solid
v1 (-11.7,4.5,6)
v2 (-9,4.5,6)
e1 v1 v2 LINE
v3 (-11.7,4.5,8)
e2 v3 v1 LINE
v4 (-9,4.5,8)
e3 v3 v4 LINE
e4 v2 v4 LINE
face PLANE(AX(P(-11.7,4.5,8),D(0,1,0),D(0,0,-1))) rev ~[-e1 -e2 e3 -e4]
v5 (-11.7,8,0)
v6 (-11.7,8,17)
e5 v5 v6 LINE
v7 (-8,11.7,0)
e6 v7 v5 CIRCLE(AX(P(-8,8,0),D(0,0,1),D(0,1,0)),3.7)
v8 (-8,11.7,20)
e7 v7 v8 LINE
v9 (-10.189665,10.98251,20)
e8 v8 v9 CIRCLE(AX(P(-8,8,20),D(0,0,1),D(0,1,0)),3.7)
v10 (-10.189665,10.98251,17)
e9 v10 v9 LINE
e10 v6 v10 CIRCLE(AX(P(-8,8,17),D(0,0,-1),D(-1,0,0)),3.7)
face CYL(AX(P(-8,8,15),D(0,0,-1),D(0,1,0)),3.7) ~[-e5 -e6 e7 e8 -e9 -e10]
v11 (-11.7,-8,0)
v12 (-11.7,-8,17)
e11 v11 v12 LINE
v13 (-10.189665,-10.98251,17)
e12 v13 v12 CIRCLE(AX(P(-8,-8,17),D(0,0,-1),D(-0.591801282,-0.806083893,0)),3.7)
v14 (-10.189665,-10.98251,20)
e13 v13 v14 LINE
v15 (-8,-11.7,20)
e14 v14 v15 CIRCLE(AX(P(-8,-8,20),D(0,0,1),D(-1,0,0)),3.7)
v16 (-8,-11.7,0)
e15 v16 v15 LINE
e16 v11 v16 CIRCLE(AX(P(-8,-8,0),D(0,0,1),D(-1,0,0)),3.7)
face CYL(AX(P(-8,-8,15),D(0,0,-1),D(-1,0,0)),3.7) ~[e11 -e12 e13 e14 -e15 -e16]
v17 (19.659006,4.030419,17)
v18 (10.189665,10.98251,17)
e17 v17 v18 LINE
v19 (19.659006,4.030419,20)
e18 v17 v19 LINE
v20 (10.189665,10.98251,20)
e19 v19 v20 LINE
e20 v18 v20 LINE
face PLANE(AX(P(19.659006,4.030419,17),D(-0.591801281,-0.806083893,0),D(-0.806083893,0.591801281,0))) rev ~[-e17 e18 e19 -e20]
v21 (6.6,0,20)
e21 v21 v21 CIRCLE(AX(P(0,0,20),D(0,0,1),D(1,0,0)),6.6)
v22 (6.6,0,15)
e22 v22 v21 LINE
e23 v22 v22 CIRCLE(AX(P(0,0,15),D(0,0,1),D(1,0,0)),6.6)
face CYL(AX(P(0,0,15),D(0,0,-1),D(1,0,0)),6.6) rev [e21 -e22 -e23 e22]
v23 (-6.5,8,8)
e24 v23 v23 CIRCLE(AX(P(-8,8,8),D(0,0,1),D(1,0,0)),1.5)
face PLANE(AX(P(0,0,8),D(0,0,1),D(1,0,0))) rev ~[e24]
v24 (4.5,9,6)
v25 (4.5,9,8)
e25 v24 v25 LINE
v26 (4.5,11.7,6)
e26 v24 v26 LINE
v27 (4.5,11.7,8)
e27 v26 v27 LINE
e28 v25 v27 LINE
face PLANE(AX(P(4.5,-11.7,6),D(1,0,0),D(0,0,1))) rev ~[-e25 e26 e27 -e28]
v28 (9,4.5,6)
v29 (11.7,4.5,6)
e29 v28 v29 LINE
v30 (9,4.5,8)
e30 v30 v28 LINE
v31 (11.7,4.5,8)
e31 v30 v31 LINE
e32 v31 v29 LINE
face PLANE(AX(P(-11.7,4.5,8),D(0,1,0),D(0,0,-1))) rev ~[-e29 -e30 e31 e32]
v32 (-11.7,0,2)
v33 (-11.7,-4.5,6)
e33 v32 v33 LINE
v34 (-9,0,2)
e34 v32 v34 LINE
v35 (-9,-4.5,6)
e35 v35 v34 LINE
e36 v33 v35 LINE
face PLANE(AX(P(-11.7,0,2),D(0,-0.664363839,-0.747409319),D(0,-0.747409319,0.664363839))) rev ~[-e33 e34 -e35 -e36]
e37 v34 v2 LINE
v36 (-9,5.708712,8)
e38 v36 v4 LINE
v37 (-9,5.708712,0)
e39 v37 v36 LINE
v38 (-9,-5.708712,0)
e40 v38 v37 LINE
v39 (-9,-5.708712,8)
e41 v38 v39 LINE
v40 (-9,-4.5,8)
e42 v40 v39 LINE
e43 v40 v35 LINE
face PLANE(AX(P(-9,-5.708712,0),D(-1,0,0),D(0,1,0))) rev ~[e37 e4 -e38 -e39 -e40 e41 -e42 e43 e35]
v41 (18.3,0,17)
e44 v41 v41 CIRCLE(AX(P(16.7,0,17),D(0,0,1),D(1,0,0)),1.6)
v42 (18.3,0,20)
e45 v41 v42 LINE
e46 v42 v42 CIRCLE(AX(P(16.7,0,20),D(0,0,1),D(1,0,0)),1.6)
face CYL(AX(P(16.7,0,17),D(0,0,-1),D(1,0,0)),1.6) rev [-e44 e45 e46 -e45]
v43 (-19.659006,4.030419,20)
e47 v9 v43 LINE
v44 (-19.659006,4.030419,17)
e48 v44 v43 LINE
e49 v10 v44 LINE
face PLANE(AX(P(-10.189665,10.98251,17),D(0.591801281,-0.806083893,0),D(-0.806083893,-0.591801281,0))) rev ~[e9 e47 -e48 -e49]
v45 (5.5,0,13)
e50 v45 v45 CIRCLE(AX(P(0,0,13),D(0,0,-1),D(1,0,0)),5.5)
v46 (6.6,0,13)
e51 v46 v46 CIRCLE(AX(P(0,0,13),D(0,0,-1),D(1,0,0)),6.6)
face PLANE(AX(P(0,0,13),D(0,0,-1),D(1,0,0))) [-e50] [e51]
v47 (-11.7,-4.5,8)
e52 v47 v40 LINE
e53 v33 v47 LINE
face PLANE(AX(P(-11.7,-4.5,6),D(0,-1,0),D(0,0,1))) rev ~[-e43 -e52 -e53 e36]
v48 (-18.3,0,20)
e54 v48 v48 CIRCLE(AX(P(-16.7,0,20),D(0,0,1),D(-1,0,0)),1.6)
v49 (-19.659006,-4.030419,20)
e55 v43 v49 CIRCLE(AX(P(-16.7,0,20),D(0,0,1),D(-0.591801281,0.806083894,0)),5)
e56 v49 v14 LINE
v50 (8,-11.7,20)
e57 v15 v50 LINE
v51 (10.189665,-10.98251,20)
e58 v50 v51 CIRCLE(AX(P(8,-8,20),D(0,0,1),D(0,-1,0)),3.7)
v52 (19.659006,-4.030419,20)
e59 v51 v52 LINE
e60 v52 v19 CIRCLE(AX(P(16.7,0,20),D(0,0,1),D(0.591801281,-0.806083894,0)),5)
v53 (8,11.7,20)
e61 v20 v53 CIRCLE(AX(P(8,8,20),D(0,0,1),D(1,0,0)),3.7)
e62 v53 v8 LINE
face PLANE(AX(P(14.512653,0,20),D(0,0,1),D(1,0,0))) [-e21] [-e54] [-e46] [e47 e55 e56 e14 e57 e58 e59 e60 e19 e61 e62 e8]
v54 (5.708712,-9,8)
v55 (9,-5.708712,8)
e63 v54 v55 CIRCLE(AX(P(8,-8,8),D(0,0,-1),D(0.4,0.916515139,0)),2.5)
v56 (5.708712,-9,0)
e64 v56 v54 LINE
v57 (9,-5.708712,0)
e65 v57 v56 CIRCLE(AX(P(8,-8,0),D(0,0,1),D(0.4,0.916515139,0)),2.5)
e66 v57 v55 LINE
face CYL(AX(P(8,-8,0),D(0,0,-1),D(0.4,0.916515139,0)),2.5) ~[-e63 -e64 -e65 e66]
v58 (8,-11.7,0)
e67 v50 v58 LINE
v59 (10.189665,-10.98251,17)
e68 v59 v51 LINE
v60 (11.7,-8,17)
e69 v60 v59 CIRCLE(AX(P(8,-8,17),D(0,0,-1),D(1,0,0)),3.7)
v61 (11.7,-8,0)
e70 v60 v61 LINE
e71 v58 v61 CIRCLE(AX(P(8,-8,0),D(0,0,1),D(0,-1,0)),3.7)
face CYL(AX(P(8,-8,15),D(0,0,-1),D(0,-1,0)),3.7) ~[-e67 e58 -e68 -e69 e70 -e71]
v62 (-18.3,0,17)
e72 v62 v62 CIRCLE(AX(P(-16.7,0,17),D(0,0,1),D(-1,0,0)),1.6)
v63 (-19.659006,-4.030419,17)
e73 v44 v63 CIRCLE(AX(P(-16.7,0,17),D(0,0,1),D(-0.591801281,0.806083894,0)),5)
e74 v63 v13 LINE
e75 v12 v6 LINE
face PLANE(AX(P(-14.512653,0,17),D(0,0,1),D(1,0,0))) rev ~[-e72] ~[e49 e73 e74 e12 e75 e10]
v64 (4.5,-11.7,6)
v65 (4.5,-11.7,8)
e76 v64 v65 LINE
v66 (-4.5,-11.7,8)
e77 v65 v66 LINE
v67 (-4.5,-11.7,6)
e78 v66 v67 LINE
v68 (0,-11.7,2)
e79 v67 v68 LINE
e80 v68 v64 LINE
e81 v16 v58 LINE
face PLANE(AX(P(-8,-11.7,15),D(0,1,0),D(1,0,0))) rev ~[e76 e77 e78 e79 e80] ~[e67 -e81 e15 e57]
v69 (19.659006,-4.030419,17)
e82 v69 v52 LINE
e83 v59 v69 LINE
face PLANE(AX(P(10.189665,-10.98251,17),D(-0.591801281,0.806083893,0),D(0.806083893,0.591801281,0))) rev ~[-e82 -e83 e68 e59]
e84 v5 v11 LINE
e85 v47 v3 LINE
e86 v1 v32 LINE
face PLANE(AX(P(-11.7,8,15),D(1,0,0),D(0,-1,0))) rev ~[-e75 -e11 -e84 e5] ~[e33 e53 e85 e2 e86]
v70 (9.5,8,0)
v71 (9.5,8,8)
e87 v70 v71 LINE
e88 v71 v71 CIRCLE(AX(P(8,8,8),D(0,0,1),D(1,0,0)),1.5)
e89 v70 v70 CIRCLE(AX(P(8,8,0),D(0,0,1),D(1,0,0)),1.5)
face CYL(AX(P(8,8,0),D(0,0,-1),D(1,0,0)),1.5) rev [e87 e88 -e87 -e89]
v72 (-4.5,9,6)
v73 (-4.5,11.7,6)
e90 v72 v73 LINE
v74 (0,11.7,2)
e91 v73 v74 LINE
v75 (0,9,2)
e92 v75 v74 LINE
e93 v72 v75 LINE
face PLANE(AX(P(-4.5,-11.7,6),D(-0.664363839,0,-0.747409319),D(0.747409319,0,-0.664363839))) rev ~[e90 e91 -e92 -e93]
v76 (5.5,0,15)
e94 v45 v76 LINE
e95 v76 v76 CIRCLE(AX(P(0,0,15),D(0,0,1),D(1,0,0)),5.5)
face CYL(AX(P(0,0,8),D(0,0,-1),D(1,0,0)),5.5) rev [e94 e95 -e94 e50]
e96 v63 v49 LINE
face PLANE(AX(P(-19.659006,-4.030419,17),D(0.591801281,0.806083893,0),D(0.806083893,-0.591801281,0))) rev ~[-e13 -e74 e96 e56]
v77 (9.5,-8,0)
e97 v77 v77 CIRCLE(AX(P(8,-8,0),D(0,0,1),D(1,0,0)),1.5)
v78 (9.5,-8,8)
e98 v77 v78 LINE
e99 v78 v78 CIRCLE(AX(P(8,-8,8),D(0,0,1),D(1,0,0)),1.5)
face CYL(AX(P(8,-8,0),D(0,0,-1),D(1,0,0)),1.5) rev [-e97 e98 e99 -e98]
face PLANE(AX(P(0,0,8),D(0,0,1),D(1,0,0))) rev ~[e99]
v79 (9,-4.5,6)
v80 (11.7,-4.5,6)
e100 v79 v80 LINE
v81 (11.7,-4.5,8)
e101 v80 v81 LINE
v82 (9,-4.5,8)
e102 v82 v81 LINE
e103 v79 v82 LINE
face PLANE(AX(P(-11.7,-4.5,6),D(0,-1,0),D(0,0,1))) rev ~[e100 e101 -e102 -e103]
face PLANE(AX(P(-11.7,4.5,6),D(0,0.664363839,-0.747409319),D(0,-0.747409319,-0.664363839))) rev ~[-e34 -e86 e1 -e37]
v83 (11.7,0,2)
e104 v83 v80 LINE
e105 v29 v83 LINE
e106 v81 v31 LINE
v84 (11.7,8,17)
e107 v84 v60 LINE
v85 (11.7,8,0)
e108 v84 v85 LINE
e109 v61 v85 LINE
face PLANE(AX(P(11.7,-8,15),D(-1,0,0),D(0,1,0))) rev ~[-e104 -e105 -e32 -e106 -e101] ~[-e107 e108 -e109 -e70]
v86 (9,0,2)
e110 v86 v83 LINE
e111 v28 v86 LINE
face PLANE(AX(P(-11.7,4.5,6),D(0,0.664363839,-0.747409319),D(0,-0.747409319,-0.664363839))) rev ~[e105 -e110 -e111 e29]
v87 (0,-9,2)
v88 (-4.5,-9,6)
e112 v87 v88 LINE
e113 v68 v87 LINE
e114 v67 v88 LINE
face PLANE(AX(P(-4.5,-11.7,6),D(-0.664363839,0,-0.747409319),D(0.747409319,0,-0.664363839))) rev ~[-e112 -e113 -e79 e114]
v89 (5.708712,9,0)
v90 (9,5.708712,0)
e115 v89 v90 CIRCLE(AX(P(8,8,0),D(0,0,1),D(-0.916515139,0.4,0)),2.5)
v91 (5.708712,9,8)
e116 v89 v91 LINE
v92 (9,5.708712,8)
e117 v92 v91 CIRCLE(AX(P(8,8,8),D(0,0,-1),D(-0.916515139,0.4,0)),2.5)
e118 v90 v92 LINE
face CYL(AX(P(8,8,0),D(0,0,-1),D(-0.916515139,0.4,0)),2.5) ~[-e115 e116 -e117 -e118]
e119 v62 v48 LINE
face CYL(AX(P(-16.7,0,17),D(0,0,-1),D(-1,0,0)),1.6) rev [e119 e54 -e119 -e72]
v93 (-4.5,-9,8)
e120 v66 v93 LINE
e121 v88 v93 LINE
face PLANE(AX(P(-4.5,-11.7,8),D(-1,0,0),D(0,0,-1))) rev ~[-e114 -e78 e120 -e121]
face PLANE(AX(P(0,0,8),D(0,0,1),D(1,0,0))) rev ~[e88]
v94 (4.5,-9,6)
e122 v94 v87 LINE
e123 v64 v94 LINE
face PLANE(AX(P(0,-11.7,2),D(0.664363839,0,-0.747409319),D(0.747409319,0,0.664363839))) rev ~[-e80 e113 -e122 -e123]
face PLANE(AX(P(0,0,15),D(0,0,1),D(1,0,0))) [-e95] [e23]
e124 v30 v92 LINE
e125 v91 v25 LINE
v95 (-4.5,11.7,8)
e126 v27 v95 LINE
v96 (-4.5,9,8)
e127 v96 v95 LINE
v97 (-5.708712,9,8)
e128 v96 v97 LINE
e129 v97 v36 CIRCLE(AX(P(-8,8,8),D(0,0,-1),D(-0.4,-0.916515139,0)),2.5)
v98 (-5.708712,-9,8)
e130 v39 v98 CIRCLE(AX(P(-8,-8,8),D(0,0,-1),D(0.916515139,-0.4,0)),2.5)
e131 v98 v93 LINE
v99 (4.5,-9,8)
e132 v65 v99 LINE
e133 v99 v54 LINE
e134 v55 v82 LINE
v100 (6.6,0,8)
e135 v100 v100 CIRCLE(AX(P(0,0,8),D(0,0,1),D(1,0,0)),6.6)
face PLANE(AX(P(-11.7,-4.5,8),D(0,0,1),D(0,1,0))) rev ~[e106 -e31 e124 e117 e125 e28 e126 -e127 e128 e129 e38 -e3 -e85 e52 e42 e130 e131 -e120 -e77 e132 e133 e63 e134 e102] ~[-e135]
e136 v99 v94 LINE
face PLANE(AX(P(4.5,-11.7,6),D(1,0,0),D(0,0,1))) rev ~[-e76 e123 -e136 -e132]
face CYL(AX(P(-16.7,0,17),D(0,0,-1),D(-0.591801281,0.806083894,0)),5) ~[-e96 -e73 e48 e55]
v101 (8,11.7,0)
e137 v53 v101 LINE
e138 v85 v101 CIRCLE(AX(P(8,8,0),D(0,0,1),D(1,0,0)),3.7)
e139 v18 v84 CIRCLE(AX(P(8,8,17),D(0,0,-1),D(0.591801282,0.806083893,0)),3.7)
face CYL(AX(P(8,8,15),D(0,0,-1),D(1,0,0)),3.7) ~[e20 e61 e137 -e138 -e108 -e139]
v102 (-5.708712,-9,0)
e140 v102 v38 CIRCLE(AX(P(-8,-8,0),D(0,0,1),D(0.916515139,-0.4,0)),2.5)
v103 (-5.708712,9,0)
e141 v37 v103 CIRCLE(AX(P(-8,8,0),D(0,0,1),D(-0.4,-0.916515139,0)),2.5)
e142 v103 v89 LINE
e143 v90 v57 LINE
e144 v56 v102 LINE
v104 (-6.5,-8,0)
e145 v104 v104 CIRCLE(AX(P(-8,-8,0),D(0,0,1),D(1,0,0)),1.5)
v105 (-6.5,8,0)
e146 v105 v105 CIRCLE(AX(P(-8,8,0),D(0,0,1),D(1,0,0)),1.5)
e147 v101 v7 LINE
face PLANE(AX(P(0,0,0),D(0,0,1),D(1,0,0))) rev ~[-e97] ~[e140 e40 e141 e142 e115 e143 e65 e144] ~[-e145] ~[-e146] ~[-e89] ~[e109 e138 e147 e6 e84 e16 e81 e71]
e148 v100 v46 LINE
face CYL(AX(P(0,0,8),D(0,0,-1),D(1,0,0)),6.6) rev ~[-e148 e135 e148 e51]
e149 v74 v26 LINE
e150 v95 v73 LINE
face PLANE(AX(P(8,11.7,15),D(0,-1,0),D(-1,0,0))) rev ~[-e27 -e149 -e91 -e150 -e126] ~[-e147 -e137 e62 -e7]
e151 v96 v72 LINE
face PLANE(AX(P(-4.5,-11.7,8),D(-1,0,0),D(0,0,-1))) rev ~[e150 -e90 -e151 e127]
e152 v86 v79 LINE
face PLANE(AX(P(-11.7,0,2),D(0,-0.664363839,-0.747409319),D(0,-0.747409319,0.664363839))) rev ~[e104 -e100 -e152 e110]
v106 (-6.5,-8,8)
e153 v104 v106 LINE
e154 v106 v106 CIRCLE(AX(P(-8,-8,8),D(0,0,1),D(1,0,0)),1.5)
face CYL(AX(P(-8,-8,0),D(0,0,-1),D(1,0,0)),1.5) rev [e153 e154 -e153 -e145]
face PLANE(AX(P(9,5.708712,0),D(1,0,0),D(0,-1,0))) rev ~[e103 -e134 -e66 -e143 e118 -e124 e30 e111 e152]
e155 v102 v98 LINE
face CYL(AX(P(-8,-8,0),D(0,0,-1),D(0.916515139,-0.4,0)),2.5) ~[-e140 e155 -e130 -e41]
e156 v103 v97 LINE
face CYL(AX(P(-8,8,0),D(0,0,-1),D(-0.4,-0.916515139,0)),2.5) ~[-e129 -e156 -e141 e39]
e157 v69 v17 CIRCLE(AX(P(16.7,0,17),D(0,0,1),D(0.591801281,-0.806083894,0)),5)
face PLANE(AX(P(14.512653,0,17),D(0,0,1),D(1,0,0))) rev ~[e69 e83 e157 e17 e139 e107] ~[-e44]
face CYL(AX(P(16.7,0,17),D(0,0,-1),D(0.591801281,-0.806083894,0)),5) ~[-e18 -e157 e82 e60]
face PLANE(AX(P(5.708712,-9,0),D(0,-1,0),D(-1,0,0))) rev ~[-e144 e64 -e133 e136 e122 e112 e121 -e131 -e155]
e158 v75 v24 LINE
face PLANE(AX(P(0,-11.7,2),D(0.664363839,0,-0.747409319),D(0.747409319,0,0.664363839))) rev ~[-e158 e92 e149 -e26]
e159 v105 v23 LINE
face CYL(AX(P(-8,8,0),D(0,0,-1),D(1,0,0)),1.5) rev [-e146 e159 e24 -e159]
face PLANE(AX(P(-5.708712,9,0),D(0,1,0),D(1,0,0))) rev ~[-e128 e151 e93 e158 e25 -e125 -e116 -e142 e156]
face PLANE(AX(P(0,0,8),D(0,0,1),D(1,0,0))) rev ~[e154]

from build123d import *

# Parameters (mm, degrees)
SKETCH1_R               = 1.5
BOSS_EXTRUDE1_DEPTH     = 8
SKETCH2_R               = 5.5
BOSS_EXTRUDE2_DEPTH     = 7
SKETCH3_R               = 6.6
BOSS_EXTRUDE3_DEPTH     = 5
CUT_EXTRUDE2_DEPTH      = 33.930988446
SKETCH6_R               = 6.6
CUT_EXTRUDE3_DEPTH      = 5
BOSS_EXTRUDE4_START     = -3
SKETCH7_R               = 1.6
BOSS_EXTRUDE4_DEPTH     = 3
CIRPATTERN1_COUNT       = 2
CIRPATTERN1_ANGLE       = 90
CUT_EXTRUDE_THIN1_REACH = 33.746


with BuildPart() as part:
    # Sketch1 → Boss-Extrude1 (new body)
    with BuildSketch(Plane.XY):
        with BuildLine():
            ThreePointArc((-11.7, -8), (-10.61629509, -10.61629509), (-8, -11.7))
            Line((-8, -11.7), (8, -11.7))
            ThreePointArc((8, -11.7), (10.61629509, -10.61629509), (11.7, -8))
            Line((11.7, -8), (11.7, 8))
            ThreePointArc((11.7, 8), (10.61629509, 10.61629509), (8, 11.7))
            Line((8, 11.7), (-8, 11.7))
            ThreePointArc((-8, 11.7), (-10.61629509, 10.61629509), (-11.7, 8))
            Line((-11.7, 8), (-11.7, -8))
        make_face()
        with Locations((-8, 8)):
            Circle(SKETCH1_R, mode=Mode.SUBTRACT)
        with BuildLine():
            ThreePointArc((-8, 4.5), (-5.525126266, 5.525126266), (-4.5, 8))
            Line((-4.5, 8), (4.5, 8))
            ThreePointArc((4.5, 8), (5.525126266, 5.525126266), (8, 4.5))
            Line((8, 4.5), (8, -4.5))
            ThreePointArc((8, -4.5), (5.525126266, -5.525126266), (4.5, -8))
            Line((4.5, -8), (-4.5, -8))
            ThreePointArc((-4.5, -8), (-5.525126266, -5.525126266), (-8, -4.5))
            Line((-8, -4.5), (-8, 4.5))
        make_face(mode=Mode.SUBTRACT)
        with Locations((8, -8)):
            Circle(SKETCH1_R, mode=Mode.SUBTRACT)
        with Locations((-8, -8)):
            Circle(SKETCH1_R, mode=Mode.SUBTRACT)
        with Locations((8, 8)):
            Circle(SKETCH1_R, mode=Mode.SUBTRACT)
    extrude(amount=BOSS_EXTRUDE1_DEPTH)

    # Sketch2 → Boss-Extrude2 (add)
    with BuildSketch(Plane.XY.offset(8)):
        with BuildLine():
            Line((8, 11.7), (-8, 11.7))
            ThreePointArc((-8, 11.7), (-10.61629509, 10.61629509), (-11.7, 8))
            Line((-11.7, 8), (-11.7, -8))
            ThreePointArc((-11.7, -8), (-10.61629509, -10.61629509), (-8, -11.7))
            Line((-8, -11.7), (8, -11.7))
            ThreePointArc((8, -11.7), (10.61629509, -10.61629509), (11.7, -8))
            Line((11.7, -8), (11.7, 8))
            ThreePointArc((11.7, 8), (10.61629509, 10.61629509), (8, 11.7))
        make_face()
        Circle(SKETCH2_R, mode=Mode.SUBTRACT)
    extrude(amount=BOSS_EXTRUDE2_DEPTH)

    # Sketch3 → Boss-Extrude3 (add)
    with BuildSketch(Plane.XY.offset(15)):
        with BuildLine():
            Line((8, 11.7), (-8, 11.7))
            ThreePointArc((-8, 11.7), (-10.61629509, 10.61629509), (-11.7, 8))
            Line((-11.7, 8), (-11.7, -8))
            ThreePointArc((-11.7, -8), (-10.61629509, -10.61629509), (-8, -11.7))
            Line((-8, -11.7), (8, -11.7))
            ThreePointArc((8, -11.7), (10.61629509, -10.61629509), (11.7, -8))
            Line((11.7, -8), (11.7, 8))
            ThreePointArc((11.7, 8), (10.61629509, 10.61629509), (8, 11.7))
        make_face()
        Circle(SKETCH3_R, mode=Mode.SUBTRACT)
    extrude(amount=BOSS_EXTRUDE3_DEPTH)

    # Sketch5 → Cut-Extrude2 (cut, through all)
    with BuildSketch(Plane.XZ.offset(11.7)):
        Polygon((-4.5, 6), (0, 2), (4.5, 6), (4.5, 8), (-4.5, 8), align=None)
    cut_extrude2 = extrude(amount=-CUT_EXTRUDE2_DEPTH, mode=Mode.SUBTRACT)

    # Sketch6 → Cut-Extrude3 (cut)
    with BuildSketch(Plane(origin=(0, 0, 8), x_dir=(-1, 0, 0), z_dir=(0, 0, -1))):
        with Locations(Location((0, 0, 0), (0, 0, 180))):
            Circle(SKETCH6_R)
    extrude(amount=-CUT_EXTRUDE3_DEPTH, mode=Mode.SUBTRACT)

    # Sketch7 → Boss-Extrude4 (add)
    # profile 1 of 2: a face of its own
    with BuildSketch(Plane.XY.offset(20).offset(BOSS_EXTRUDE4_START)):
        with BuildLine():
            Line((19.659006407, 4.030419467), (10.189664741, 10.982510406))
            ThreePointArc((10.189664741, 10.982510406), (11.300890754, 9.671562212), (11.7, 8))
            Line((11.7, 8), (11.7, -8))
            ThreePointArc((11.7, -8), (11.300890754, -9.671562212), (10.189664741, -10.982510406))
            Line((10.189664741, -10.982510406), (19.659006407, -4.030419467))
            ThreePointArc((19.659006407, -4.030419467), (21.7, 0), (19.659006407, 4.030419467))
        make_face()
        with Locations((16.7, 0)):
            Circle(SKETCH7_R, mode=Mode.SUBTRACT)
    # profile 2 of 2: a face of its own
    with BuildSketch(Plane.XY.offset(20).offset(BOSS_EXTRUDE4_START)):
        with BuildLine():
            Line((-11.7, -8), (-11.7, 8))
            ThreePointArc((-11.7, 8), (-11.300890754, 9.671562212), (-10.189664741, 10.982510406))
            Line((-10.189664741, 10.982510406), (-19.659006407, 4.030419467))
            ThreePointArc((-19.659006407, 4.030419467), (-21.7, 0), (-19.659006407, -4.030419467))
            Line((-19.659006407, -4.030419467), (-10.189664741, -10.982510406))
            ThreePointArc((-10.189664741, -10.982510406), (-11.300890754, -9.671562212), (-11.7, -8))
        make_face()
        with Locations(Location((-16.7, 0, 0), (0, 0, 180))):
            Circle(SKETCH7_R, mode=Mode.SUBTRACT)
    extrude(amount=BOSS_EXTRUDE4_DEPTH)

    # CirPattern1: Cut-Extrude2 ×2 about axis
    cirpattern1_axis = Axis((0, 0, 8), (0, 0, -1))
    for i in range(1, CIRPATTERN1_COUNT):
        add(cut_extrude2.rotate(cirpattern1_axis, i * CIRPATTERN1_ANGLE / (CIRPATTERN1_COUNT - 1)), mode=Mode.SUBTRACT)

    # Cut-Extrude-Thin1: up to this face of the body (flat: up to its plane)
    cut_extrude_thin1_end = Plane(part.part.faces().sort_by_distance((-11.369074026, 0, 8))[0])
    # Sketch8 → Cut-Extrude-Thin1 (cut, up to the picked face)
    with BuildSketch(Plane(origin=(0, 0, 0), x_dir=(-1, 0, 0), z_dir=(0, 0, -1)), mode=Mode.PRIVATE) as cut_extrude_thin1_sk1:
        with BuildLine():
            Line((5.708712153, 9), (-5.708712153, 9))
            ThreePointArc((-5.708712153, 9), (-6.232233047, 6.232233047), (-9, 5.708712153))
            Line((-9, 5.708712153), (-9, -5.708712153))
            ThreePointArc((-9, -5.708712153), (-6.232233047, -6.232233047), (-5.708712153, -9))
            Line((-5.708712153, -9), (5.708712153, -9))
            ThreePointArc((5.708712153, -9), (6.232233047, -6.232233047), (9, -5.708712153))
            Line((9, -5.708712153), (9, 5.708712153))
            ThreePointArc((9, 5.708712153), (6.232233047, 6.232233047), (5.708712153, 9))
        make_face()
        with BuildLine():
            Line((4.5, 8), (-4.5, 8))
            ThreePointArc((-4.5, 8), (-5.525126266, 5.525126266), (-8, 4.5))
            Line((-8, 4.5), (-8, -4.5))
            ThreePointArc((-8, -4.5), (-5.525126266, -5.525126266), (-4.5, -8))
            Line((-4.5, -8), (4.5, -8))
            ThreePointArc((4.5, -8), (5.525126266, -5.525126266), (8, -4.5))
            Line((8, -4.5), (8, 4.5))
            ThreePointArc((8, 4.5), (5.525126266, 5.525126266), (4.5, 8))
        make_face(mode=Mode.SUBTRACT)
    cut_extrude_thin1_tool1 = split(extrude(cut_extrude_thin1_sk1.sketch, amount=-CUT_EXTRUDE_THIN1_REACH, mode=Mode.PRIVATE), bisect_by=cut_extrude_thin1_end, keep=Keep.BOTH, mode=Mode.PRIVATE)
    add(cut_extrude_thin1_tool1.solids().sort_by(Axis((-6.052233, 6.052233, 0), (0, 0, 1)))[0], mode=Mode.SUBTRACT)


solid = part.part
